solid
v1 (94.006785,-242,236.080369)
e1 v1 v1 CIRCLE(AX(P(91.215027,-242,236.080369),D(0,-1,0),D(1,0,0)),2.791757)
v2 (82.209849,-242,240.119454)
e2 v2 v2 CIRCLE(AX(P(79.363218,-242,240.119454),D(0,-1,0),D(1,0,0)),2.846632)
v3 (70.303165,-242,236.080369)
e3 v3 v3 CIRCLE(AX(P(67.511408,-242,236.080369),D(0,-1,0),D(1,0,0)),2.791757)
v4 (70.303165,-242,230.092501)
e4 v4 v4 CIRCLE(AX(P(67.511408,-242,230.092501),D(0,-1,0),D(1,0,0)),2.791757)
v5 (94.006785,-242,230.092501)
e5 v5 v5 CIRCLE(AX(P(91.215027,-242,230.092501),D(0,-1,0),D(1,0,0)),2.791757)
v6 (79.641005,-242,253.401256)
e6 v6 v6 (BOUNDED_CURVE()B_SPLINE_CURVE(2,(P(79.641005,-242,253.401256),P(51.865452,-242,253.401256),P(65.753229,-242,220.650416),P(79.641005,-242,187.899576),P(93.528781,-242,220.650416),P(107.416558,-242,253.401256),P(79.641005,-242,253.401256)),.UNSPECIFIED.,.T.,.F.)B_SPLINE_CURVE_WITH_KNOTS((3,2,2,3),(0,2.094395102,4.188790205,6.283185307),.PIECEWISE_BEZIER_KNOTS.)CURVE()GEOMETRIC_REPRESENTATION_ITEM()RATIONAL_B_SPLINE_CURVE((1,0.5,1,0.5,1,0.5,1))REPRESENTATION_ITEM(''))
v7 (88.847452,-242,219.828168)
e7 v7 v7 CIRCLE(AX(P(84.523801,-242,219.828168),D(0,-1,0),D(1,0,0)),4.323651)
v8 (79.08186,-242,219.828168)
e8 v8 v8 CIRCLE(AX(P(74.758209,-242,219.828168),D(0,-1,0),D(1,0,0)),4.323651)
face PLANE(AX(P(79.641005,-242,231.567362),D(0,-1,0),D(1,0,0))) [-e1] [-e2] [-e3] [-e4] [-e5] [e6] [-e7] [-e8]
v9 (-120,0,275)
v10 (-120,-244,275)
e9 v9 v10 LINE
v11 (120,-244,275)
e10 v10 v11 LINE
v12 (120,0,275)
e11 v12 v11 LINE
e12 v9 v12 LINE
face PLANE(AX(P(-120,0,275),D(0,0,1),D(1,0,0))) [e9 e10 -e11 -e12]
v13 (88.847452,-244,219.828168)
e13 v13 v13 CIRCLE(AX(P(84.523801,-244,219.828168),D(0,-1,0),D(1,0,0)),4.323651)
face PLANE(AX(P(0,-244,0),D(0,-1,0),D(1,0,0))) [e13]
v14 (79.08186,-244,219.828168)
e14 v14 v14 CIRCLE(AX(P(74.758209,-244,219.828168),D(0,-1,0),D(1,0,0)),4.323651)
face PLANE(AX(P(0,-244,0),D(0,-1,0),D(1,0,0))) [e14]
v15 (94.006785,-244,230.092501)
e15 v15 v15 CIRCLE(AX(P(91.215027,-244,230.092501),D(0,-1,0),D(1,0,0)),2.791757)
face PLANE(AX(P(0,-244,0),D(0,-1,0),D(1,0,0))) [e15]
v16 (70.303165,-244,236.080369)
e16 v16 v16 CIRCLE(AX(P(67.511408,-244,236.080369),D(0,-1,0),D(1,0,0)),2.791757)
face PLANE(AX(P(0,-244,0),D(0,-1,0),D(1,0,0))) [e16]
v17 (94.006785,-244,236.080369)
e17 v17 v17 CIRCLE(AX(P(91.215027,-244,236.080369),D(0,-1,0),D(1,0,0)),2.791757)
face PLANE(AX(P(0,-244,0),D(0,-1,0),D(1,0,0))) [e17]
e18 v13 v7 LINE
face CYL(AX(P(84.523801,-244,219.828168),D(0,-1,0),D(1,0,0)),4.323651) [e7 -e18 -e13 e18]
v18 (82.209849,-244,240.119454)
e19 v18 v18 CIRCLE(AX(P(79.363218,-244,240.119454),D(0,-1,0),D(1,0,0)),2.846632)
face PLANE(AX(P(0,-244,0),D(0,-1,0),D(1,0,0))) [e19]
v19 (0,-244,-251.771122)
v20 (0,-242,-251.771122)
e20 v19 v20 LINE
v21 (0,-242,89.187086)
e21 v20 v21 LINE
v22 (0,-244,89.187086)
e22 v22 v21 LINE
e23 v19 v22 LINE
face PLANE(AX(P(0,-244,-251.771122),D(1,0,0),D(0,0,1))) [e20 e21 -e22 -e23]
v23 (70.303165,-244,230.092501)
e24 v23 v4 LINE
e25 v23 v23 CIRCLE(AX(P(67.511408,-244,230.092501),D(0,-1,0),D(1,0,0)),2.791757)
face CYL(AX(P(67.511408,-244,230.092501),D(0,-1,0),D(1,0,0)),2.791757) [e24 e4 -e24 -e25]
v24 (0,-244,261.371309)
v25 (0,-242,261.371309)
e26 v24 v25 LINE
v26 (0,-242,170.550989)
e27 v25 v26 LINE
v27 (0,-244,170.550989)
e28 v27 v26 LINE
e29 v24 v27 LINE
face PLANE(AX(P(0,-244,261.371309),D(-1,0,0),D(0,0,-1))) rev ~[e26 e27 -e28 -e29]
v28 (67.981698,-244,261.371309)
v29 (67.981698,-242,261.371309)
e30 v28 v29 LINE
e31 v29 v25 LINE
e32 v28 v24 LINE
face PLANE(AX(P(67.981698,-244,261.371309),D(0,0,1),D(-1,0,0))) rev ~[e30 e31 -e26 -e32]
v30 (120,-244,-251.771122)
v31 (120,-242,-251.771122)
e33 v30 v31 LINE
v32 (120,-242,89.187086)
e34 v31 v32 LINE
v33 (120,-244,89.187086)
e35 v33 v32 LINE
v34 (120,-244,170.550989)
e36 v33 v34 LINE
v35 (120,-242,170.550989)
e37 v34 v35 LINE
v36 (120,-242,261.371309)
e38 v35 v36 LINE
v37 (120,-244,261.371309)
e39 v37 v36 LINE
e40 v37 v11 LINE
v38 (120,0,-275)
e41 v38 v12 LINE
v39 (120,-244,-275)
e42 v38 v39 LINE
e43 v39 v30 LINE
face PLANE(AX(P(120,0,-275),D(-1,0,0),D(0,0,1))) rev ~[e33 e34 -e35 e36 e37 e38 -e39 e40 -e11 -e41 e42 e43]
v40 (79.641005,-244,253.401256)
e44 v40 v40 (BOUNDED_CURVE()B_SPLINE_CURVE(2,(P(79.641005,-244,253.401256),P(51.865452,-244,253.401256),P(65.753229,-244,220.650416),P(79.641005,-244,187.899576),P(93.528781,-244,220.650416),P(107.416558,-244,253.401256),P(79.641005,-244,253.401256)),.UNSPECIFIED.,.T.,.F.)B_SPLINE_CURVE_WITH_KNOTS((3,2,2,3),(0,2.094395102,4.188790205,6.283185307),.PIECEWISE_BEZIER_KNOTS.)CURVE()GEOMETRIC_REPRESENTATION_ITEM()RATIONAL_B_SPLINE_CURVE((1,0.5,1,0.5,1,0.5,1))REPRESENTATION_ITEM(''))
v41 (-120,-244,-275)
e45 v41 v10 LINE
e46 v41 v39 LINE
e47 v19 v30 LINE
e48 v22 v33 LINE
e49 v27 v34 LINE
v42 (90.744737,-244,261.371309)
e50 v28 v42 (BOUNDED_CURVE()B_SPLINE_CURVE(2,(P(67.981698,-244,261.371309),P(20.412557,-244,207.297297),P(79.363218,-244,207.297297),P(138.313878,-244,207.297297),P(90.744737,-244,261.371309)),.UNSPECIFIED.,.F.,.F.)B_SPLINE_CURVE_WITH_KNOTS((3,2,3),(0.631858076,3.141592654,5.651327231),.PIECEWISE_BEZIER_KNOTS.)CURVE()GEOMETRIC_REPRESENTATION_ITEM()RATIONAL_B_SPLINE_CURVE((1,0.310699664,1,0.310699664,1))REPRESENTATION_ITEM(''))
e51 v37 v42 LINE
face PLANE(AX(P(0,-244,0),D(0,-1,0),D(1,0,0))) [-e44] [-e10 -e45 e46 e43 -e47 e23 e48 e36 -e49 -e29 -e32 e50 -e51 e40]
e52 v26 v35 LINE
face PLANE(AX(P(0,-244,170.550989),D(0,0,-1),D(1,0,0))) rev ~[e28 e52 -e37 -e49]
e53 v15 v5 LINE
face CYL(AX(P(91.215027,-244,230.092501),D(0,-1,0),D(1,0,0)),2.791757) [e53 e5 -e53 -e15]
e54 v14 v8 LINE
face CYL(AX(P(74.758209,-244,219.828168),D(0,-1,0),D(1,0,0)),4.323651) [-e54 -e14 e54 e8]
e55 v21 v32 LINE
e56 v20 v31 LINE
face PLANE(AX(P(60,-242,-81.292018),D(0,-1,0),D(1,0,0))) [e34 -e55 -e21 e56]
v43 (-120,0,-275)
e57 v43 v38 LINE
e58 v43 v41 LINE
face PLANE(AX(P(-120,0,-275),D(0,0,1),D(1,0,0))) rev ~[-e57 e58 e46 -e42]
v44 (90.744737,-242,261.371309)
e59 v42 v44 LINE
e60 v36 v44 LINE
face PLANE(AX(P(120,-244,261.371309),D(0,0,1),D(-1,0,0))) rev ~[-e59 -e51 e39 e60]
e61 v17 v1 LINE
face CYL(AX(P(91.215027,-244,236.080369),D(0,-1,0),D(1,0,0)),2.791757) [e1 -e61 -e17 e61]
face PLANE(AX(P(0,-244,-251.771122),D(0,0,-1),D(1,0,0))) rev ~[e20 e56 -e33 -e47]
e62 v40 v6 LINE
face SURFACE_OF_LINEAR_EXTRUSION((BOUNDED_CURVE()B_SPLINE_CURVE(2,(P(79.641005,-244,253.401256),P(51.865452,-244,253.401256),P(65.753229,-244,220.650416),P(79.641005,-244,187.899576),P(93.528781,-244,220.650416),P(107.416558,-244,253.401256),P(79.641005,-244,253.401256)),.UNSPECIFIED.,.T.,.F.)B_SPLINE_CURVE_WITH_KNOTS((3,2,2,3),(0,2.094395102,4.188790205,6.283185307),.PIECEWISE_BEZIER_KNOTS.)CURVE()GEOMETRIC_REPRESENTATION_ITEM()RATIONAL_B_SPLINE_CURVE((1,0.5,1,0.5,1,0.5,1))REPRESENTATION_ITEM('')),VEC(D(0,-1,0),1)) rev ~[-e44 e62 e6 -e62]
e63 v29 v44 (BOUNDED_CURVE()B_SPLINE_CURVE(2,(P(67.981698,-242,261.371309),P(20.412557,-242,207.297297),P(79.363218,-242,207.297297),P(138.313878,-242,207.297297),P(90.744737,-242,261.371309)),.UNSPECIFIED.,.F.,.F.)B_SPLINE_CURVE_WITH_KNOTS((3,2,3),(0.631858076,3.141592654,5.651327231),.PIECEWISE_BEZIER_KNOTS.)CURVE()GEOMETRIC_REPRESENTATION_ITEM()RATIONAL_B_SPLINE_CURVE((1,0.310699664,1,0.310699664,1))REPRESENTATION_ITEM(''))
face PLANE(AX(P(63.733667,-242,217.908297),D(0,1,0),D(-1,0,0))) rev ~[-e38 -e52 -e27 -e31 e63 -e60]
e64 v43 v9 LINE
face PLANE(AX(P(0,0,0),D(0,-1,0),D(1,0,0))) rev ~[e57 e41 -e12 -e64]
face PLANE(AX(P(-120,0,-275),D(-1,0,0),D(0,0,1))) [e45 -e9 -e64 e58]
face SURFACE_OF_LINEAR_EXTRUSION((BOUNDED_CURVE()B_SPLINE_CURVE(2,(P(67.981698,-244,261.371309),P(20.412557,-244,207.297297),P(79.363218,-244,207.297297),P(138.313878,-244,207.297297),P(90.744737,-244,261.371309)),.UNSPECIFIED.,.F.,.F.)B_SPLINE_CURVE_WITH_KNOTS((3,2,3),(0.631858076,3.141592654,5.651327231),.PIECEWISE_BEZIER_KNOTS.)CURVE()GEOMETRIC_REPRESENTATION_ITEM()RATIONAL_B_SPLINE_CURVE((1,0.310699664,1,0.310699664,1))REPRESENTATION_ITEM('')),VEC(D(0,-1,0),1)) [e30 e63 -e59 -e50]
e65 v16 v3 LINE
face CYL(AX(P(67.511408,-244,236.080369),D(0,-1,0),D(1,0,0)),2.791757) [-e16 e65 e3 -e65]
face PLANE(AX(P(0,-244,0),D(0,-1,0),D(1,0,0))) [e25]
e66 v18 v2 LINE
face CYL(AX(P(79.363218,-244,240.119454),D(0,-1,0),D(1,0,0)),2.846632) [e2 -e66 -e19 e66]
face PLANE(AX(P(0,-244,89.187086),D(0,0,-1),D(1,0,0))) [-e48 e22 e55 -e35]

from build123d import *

# Parameters (mm, degrees)
F0_W     = 240
F0_H     = 550
F1_DEPTH = 244
F2_R     = 4.3236508832
F2_R_2   = 2.7917572167
F2_R_3   = 2.8466316253
F2_W     = 120
F2_H     = 340.9582078457
F3_DEPTH = 2


with BuildPart() as f1:
    # F0 (on Front) → F1 (new body)
    with BuildSketch(Plane.XZ):
        Rectangle(F0_W, F0_H)
    extrude(amount=F1_DEPTH)

    # F2 (on face) → F3 (cut)
    with BuildSketch(Plane.XZ.offset(244)):
        with BuildLine():
            add(Edge.make_bspline(
                [(79.6410050243, 253.4012556038), (51.8654523452, 253.4012556038), (65.7532286848, 220.6504156832), (79.6410050243, 187.8995757626), (93.5287813639, 220.6504156832), (107.4165577034, 253.4012556038), (79.6410050243, 253.4012556038)],
                knots=[0, 0, 0, 2.0943951024, 2.0943951024, 4.1887902048, 4.1887902048, 6.2831853072, 6.2831853072, 6.2831853072], degree=2, weights=[1, 0.5, 1, 0.5, 1, 0.5, 1]))
        make_face()
        with Locations((74.7582092881, 219.8281679302)):
            Circle(F2_R, mode=Mode.SUBTRACT)
        with Locations((67.5114076585, 230.0925012678)):
            Circle(F2_R_2, mode=Mode.SUBTRACT)
        with Locations((67.5114076585, 236.0803689808)):
            Circle(F2_R_2, mode=Mode.SUBTRACT)
        with Locations((84.5238007605, 219.8281679302)):
            Circle(F2_R, mode=Mode.SUBTRACT)
        with Locations((79.3632175773, 240.1194535196)):
            Circle(F2_R_3, mode=Mode.SUBTRACT)
        with Locations((91.2150274962, 230.0925012678)):
            Circle(F2_R_2, mode=Mode.SUBTRACT)
        with Locations((91.2150274962, 236.0803689808)):
            Circle(F2_R_2, mode=Mode.SUBTRACT)
        with BuildLine():
            add(Edge.make_bspline(
                [(67.9816982948, 261.3713089377), (20.4125568798, 207.2972971946), (79.3632175773, 207.2972971946), (138.3138782749, 207.2972971946), (90.7447368599, 261.3713089377)],
                knots=[0.6318580764, 0.6318580764, 0.6318580764, 3.1415926536, 3.1415926536, 5.6513272308, 5.6513272308, 5.6513272308], degree=2, weights=[1, 0.3106996636, 1, 0.3106996636, 1]))
            Line((67.9816982948, 261.3713089377), (0, 261.3713089377))
            Line((0, 261.3713089377), (0, 170.5509889871))
            Line((0, 170.5509889871), (120, 170.5509889871))
            Line((120, 170.5509889871), (120, 261.3713089377))
            Line((120, 261.3713089377), (90.7447368599, 261.3713089377))
        make_face()
        with Locations((60, -81.2920182943)):
            Rectangle(F2_W, F2_H)
    extrude(amount=-F3_DEPTH, mode=Mode.SUBTRACT)


solid = f1.part
